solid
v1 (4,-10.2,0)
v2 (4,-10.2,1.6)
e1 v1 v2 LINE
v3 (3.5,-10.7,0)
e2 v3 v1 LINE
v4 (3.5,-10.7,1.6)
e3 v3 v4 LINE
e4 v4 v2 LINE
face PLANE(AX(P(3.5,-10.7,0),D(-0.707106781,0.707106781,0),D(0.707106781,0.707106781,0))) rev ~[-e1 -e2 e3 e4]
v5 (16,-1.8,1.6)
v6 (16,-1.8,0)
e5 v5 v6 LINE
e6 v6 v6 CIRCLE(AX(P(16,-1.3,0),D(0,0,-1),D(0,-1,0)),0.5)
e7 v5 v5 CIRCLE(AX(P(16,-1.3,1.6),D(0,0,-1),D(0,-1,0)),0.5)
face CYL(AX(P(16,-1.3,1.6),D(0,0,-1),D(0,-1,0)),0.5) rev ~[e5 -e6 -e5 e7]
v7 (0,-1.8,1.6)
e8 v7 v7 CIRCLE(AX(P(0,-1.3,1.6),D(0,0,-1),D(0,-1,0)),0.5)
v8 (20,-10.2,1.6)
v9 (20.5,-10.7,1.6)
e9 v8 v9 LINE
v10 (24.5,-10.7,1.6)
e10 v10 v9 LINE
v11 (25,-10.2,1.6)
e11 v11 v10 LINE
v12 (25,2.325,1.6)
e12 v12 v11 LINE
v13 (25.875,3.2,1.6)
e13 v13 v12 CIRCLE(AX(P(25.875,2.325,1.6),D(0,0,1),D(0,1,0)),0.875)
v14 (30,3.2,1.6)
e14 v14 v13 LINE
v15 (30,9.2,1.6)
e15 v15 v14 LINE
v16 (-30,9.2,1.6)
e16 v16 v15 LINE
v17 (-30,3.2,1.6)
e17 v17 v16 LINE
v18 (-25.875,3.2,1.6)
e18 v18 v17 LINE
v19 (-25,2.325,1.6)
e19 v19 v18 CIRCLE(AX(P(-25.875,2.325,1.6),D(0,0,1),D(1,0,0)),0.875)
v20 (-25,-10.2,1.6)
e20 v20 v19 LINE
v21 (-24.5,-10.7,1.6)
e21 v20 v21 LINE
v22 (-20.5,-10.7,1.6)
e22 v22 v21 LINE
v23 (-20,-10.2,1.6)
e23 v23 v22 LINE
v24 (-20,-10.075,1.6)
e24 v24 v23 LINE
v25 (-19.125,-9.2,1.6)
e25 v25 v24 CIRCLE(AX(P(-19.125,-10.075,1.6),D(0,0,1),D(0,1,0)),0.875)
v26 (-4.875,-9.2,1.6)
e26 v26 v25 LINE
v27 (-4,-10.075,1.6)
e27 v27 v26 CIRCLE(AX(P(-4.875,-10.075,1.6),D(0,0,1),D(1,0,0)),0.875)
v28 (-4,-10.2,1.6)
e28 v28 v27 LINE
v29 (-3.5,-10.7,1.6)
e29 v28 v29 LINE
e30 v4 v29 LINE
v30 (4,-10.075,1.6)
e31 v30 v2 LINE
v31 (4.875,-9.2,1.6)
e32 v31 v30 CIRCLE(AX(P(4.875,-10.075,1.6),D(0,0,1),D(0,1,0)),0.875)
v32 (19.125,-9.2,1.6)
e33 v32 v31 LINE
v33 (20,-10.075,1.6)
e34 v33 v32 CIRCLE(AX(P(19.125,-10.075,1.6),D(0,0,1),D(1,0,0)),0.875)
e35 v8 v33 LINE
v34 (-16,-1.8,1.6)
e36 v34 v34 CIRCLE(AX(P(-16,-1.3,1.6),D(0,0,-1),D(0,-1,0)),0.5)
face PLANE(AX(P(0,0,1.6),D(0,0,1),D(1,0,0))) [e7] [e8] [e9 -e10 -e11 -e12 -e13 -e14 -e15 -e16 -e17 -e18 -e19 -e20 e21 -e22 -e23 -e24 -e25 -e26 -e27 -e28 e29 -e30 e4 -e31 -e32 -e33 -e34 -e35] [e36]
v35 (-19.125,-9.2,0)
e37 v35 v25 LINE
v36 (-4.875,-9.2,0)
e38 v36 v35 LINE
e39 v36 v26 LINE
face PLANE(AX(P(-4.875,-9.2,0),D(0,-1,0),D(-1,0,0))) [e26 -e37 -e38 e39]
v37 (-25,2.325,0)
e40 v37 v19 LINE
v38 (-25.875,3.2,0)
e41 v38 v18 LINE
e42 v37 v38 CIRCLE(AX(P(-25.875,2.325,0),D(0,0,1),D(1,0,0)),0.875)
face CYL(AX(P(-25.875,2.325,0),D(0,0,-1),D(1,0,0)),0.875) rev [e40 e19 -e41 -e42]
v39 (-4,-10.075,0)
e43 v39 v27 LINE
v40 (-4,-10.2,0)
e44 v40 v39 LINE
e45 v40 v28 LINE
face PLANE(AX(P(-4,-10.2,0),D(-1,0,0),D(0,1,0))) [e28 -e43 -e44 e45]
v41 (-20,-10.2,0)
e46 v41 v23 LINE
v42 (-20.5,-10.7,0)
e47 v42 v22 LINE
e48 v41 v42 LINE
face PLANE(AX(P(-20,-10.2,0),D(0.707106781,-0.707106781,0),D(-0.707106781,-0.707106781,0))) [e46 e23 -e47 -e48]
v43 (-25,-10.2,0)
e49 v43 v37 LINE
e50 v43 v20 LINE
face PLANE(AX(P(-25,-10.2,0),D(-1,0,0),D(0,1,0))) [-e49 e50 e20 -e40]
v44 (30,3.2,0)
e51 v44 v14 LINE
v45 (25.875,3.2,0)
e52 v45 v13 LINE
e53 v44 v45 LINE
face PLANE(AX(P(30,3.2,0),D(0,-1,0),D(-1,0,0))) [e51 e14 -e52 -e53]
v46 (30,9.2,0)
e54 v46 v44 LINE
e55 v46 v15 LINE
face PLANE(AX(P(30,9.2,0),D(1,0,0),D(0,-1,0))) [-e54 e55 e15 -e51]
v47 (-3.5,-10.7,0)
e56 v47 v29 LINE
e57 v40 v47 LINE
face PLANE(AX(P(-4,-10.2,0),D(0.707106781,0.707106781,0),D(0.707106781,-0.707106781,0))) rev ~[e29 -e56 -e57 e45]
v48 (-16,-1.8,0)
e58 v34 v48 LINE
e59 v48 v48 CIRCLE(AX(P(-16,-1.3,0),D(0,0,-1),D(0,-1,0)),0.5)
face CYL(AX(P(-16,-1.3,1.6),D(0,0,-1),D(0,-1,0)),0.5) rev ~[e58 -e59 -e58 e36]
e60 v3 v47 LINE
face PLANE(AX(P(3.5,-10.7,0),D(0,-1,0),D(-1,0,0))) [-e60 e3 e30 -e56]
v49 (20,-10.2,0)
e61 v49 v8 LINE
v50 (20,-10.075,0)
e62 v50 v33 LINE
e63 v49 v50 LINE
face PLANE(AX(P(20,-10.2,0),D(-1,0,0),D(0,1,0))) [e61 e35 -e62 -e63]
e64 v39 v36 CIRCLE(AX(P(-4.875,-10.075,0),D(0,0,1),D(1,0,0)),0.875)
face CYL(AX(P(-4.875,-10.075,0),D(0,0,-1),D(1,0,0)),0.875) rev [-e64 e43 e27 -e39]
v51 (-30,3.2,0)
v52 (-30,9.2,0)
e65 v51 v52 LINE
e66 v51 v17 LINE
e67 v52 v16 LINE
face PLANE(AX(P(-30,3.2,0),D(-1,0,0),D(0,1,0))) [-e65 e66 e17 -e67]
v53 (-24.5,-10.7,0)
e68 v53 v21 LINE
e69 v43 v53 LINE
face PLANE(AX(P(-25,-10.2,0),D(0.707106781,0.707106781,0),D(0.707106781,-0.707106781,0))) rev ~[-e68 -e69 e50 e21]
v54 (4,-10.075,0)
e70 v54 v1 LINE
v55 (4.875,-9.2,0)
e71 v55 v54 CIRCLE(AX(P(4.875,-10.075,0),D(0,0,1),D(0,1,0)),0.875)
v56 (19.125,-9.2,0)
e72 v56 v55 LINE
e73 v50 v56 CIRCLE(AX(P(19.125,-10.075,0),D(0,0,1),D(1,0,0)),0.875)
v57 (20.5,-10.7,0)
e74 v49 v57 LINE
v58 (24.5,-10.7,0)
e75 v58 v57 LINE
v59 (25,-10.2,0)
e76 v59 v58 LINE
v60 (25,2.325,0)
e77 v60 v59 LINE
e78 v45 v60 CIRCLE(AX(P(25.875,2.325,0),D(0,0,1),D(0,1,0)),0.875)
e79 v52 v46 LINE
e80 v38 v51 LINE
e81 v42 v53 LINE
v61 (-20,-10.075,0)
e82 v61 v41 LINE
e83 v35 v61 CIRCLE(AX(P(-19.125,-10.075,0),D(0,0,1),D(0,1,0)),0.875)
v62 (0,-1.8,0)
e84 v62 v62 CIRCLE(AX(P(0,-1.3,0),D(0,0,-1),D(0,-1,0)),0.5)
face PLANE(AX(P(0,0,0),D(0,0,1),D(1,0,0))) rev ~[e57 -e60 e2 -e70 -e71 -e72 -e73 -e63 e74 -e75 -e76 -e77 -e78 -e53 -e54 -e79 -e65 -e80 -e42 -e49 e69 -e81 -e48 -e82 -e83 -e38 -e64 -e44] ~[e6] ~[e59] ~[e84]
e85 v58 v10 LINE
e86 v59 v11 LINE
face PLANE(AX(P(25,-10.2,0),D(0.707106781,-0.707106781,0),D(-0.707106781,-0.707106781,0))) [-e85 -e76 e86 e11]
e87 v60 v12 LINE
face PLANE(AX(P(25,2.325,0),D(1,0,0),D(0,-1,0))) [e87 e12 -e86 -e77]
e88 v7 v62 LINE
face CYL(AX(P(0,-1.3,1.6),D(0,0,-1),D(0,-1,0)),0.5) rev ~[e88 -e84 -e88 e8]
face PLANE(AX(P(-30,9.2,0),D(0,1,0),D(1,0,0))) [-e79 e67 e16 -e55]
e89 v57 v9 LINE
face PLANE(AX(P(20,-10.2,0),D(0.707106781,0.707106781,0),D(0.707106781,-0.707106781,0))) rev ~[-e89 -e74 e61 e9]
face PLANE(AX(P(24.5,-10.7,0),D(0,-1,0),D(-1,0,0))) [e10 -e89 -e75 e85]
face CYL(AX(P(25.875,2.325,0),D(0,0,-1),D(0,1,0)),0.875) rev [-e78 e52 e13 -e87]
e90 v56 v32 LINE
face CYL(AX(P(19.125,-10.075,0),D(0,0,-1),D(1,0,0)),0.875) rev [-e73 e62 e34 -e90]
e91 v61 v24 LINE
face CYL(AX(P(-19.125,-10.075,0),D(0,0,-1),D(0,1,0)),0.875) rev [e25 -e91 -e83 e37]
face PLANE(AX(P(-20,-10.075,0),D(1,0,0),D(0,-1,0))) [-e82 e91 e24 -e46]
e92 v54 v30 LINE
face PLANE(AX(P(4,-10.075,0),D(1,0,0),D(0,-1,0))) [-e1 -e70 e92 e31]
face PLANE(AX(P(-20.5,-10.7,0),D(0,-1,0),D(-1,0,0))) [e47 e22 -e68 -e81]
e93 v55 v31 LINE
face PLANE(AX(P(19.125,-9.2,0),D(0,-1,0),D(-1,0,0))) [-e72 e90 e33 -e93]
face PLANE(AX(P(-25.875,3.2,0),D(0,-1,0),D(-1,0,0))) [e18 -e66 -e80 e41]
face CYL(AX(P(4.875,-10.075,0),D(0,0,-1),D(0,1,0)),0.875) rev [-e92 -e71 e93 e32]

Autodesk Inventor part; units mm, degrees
ref_plane "YZ Plane" through (0, 0, 0) normal (1, 0, 0) x (0, 1, 0)
ref_plane "XZ Plane" through (0, 0, 0) normal (0, 1, 0) x (-1, 0, 0)
ref_plane "XY Plane" through (0, 0, 0) normal (0, 0, 1) x (1, 0, 0)
sketch "Sketch1" plane through (0, 0, 0) normal (0, 0, 1) x (1, 0, 0)
  line L0 (-30, 9.2) -> (30, 9.2)
  line L1 (30, 9.2) -> (30, 3.2)
  line L2 (30, 3.2) -> (25.875, 3.2)
  line L3 (25, 2.325) -> (25, -10.2)
  line L4 (24.5, -10.7) -> (20.5, -10.7)
  line L5 (20, -10.2) -> (20, -10.075)
  line L6 (19.125, -9.2) -> (4.875, -9.2)
  line L7 (4, -10.075) -> (4, -10.2)
  line L8 (3.5, -10.7) -> (-3.5, -10.7)
  line L9 (-4, -10.2) -> (-4, -10.075)
  line L10 (-4.875, -9.2) -> (-19.125, -9.2)
  line L11 (-20, -10.075) -> (-20, -10.2)
  line L12 (-20.5, -10.7) -> (-24.5, -10.7)
  line L13 (-25, -10.2) -> (-25, 2.325)
  line L14 (-25.875, 3.2) -> (-30, 3.2)
  line L15 (-30, 3.2) -> (-30, 9.2)
  line L16 (0, 7.251) -> (0, -4.9434) construction
  line L17 (-9.4671, 0) -> (8.147, 0) construction
  arc A0 (-25, 2.325) -> (-25.875, 3.2) centre (-25.875, 2.325) ccw
  arc A1 (25.875, 3.2) -> (25, 2.325) centre (25.875, 2.325) ccw
  line L18 (-25, -10.2) -> (-24.5, -10.7)
  line L19 (-20, -10.2) -> (-20.5, -10.7)
  line L20 (-4, -10.2) -> (-3.5, -10.7)
  line L21 (3.5, -10.7) -> (4, -10.2)
  line L22 (20, -10.2) -> (20.5, -10.7)
  line L23 (25, -10.2) -> (24.5, -10.7)
  arc A2 (-19.125, -9.2) -> (-20, -10.075) centre (-19.125, -10.075) ccw
  arc A3 (-4, -10.075) -> (-4.875, -9.2) centre (-4.875, -10.075) ccw
  arc A4 (4.875, -9.2) -> (4, -10.075) centre (4.875, -10.075) ccw
  arc A5 (20, -10.075) -> (19.125, -9.2) centre (19.125, -10.075) ccw
  point P0 (0, 0)
  dimension "d0" = 8
  dimension "d1" = 1.5
  dimension "d2" = 5
  dimension "d3" = 20
  dimension "d4" = 18.4
  dimension "d6" = 6
  dimension "d7" = 5
  dimension "d19" = 45
  dimension "d20" = 0.5
  dimension "d23" = 1.75
extrude "Extrusion1" add sketch "Sketch1" along normal blind 1.6
sketch "Sketch2" plane through (0, 0, 1.6) normal (0, 0, 1) x (1, 0, 0)
  line L0 (-30, 9.2) -> (30, 9.2) projected
  point P0 (0, 0)
  point P1 (0, -1.3)
  point P2 (-16, -1.3)
  point P3 (16, -1.3)
  dimension "d10" = 16
  dimension "d11" = 16
  dimension "d21" = 10.5
hole "Hole1" at (0, -1.3, 1.6) at (-16, -1.3, 1.6) at (16, -1.3, 1.6) direction (0, 0, -1) diameter 1 end through all
properties part number "AK-C-C39-Pinhole-Board"
